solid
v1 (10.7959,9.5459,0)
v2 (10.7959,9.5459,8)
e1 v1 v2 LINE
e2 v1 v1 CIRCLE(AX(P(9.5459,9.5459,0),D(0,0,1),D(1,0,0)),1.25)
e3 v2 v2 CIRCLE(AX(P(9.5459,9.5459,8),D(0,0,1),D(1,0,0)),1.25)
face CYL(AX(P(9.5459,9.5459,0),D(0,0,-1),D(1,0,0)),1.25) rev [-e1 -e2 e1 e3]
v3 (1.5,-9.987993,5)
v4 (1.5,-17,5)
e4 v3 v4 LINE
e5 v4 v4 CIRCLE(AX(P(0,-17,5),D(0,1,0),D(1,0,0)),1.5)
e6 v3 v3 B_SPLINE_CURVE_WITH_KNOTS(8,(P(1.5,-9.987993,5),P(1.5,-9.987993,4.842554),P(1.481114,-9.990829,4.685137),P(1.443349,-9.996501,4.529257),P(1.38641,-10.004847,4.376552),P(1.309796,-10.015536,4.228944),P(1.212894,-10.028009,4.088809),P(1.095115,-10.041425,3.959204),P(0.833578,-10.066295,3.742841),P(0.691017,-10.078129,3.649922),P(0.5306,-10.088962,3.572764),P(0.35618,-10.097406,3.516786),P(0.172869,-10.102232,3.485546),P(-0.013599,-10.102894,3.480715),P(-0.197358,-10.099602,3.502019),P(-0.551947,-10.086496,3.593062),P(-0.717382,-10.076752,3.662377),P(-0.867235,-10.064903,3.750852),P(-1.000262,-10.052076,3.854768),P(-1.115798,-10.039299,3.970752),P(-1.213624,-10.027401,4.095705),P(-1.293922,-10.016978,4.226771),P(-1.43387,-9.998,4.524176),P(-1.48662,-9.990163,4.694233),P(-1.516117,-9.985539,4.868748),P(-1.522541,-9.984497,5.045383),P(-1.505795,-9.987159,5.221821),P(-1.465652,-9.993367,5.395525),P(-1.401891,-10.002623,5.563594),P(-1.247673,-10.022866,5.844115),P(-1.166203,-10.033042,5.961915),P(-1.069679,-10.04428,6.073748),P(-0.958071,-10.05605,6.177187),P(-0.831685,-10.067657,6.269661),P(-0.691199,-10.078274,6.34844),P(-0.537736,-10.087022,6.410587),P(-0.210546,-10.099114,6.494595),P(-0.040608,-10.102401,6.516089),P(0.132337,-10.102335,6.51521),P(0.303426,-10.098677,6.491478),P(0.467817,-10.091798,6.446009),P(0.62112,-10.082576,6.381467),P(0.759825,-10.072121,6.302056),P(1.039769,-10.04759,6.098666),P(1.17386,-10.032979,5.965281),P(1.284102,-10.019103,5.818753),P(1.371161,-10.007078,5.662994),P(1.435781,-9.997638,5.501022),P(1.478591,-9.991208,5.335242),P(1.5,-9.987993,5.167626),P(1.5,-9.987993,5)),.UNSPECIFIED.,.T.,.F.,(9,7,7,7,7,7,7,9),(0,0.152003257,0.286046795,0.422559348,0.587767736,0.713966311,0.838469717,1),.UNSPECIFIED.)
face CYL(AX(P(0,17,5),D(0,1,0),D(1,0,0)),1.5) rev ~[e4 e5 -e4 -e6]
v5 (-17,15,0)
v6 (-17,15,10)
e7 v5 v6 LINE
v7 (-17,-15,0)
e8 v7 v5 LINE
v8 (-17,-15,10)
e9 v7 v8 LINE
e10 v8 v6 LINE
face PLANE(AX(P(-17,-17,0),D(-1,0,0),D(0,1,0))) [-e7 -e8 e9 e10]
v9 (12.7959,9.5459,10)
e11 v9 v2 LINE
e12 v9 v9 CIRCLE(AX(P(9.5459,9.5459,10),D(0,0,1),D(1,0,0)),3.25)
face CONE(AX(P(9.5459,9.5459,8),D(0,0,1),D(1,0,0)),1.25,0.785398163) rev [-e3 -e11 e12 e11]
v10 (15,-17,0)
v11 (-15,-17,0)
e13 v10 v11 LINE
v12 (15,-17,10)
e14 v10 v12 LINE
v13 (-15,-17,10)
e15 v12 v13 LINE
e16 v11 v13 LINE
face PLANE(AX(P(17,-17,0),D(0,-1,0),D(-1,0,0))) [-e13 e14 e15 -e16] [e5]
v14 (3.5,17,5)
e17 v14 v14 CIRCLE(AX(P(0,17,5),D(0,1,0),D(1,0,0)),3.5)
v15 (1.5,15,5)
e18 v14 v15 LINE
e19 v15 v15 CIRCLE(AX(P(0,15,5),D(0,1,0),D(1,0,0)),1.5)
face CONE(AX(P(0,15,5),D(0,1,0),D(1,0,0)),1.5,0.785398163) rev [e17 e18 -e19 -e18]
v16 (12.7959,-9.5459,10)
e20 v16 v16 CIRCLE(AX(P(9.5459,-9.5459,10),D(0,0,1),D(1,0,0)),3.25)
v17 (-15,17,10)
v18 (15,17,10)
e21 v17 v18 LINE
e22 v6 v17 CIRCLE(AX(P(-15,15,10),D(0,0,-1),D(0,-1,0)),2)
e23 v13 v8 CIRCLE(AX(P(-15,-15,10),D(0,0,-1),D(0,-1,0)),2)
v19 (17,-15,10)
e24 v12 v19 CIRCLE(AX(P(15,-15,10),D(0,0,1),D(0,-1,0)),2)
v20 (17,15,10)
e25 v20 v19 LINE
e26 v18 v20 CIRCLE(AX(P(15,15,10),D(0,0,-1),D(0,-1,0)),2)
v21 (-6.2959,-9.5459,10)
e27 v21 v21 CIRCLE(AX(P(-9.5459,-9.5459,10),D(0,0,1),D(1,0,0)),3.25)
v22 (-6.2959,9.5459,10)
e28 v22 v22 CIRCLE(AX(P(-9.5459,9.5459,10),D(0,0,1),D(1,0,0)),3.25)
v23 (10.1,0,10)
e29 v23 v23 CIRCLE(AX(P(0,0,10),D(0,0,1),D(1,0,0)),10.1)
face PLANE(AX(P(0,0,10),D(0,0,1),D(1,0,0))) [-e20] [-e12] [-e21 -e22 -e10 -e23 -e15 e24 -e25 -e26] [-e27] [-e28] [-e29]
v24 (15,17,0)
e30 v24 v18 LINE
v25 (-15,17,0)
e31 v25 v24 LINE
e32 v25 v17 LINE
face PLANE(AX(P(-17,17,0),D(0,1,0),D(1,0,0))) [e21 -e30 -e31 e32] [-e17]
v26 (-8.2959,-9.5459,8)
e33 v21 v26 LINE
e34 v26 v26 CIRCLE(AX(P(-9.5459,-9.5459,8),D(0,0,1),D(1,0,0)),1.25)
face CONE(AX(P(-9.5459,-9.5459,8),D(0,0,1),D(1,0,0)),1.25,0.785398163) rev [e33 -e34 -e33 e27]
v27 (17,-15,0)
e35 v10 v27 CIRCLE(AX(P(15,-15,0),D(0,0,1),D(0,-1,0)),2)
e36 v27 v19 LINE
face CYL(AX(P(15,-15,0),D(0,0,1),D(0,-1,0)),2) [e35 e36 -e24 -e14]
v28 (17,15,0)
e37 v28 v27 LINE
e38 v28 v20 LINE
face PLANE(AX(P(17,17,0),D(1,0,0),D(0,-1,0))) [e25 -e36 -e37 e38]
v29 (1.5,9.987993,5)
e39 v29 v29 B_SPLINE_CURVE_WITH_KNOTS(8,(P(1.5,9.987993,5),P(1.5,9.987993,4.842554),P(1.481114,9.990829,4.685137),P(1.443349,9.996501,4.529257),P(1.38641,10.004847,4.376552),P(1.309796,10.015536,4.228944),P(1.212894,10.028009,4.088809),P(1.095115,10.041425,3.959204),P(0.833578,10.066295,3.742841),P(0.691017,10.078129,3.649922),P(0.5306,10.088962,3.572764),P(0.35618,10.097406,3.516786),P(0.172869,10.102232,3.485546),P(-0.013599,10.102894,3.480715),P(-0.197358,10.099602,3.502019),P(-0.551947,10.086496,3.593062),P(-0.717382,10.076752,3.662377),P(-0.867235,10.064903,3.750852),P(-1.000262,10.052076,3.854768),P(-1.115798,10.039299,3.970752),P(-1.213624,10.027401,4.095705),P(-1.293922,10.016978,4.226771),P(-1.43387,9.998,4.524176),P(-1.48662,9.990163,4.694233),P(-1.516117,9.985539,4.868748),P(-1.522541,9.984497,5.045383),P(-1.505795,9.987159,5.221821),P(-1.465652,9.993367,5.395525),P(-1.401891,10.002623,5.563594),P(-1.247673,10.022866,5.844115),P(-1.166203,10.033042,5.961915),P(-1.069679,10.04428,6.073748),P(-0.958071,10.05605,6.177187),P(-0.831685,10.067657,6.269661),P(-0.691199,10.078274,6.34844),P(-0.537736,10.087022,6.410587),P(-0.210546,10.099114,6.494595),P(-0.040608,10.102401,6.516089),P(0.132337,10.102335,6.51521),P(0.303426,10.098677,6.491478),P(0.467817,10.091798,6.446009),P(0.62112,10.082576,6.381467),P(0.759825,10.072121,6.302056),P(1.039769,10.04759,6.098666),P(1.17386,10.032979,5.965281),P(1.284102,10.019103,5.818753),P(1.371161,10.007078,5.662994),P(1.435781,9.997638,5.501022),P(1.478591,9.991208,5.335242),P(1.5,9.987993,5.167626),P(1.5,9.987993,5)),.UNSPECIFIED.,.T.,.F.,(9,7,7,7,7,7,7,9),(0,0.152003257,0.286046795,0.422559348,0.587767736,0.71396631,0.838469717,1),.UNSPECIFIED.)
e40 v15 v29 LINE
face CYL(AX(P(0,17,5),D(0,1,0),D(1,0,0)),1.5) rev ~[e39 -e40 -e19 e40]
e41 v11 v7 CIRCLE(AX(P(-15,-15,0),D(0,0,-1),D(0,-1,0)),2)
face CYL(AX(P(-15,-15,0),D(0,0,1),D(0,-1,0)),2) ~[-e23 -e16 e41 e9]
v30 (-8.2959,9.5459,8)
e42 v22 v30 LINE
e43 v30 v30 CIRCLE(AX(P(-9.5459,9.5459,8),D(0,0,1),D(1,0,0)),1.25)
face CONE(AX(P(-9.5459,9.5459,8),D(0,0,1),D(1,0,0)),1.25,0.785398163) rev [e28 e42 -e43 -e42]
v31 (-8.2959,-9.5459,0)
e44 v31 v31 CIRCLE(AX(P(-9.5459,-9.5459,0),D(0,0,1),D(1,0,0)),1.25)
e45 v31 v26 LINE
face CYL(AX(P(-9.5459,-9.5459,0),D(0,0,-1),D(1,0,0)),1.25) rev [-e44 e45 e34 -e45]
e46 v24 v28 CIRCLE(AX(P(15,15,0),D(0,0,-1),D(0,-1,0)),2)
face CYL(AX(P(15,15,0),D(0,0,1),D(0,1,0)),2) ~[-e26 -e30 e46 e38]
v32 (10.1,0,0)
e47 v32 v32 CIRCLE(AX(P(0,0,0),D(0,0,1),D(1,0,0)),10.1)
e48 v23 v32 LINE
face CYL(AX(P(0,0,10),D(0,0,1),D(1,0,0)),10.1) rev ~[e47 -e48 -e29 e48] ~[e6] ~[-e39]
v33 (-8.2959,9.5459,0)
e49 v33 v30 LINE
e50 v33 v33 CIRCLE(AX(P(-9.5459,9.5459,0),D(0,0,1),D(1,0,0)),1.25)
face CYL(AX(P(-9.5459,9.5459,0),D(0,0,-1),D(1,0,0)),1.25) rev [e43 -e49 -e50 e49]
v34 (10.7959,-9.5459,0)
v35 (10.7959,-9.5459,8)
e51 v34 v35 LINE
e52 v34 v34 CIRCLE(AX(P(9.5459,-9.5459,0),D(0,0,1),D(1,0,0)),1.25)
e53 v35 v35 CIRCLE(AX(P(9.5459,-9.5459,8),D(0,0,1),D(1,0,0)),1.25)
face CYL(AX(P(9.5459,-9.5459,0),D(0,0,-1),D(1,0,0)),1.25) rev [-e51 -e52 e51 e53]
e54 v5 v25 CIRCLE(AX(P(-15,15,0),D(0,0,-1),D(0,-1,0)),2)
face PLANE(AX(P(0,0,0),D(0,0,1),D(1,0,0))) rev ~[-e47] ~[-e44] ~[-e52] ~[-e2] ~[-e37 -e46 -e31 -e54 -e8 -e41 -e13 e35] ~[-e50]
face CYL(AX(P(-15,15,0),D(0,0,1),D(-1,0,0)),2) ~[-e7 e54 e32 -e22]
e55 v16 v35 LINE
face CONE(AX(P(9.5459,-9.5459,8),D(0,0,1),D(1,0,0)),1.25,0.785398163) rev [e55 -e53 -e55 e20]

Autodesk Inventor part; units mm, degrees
ref_plane "YZ Plane" through (0, 0, 0) normal (1, 0, 0) x (0, 1, 0)
ref_plane "XZ Plane" through (0, 0, 0) normal (0, 1, 0) x (-1, 0, 0)
ref_plane "XY Plane" through (0, 0, 0) normal (0, 0, 1) x (1, 0, 0)
sketch "Эскиз1" plane through (0, 0, 0) normal (0, 0, 1) x (1, 0, 0)
  circle A0 centre (0, 0) radius 13.5 construction
  circle A1 centre (-9.5459, 9.5459) radius 1.25
  line L0 (-9.5459, 9.5459) -> (0, 0) construction
  line L1 (0, 0) -> (2.2284, 0) construction
  circle A2 centre (-9.5459, -9.5459) radius 1.25
  circle A3 centre (9.5459, -9.5459) radius 1.25
  circle A4 centre (9.5459, 9.5459) radius 1.25
  line L2 (17, -17) -> (-17, -17)
  line L3 (-17, -17) -> (-17, 17)
  line L4 (-17, 17) -> (17, 17)
  line L5 (17, 17) -> (17, -17)
  line L6 (17, -17) -> (-17, 17) construction
  line L7 (-17, -17) -> (17, 17) construction
  dimension "d0" = 27
  dimension "d1" = 2.5
  dimension "d3" = 45
  dimension "d6" = 360
  dimension "d8" = 34
  dimension "d9" = 34
extrude "Выдавливание1" add sketch "Эскиз1" along normal blind 10
fillet "Сопряжение1" radius 2 4 edges at (17, 17, 5) (-17, 17, 5) (-17, -17, 5) (17, -17, 5)
sketch "Эскиз2" plane through (-15, 17, 0) normal (0, 1, 0) x (1, 0, 0)
  circle A0 centre (15, -5) radius 1.5
  line L0 (-2, 0) -> (-2, -10) projected
  line L1 (0, 0) -> (30, 0) projected
  point P0 (15, 0)
  point P1 (-2, -5)
  point P2 (15, 0)
  dimension "d16" = 3
sketch "Эскиз3" plane through (0, 0, 10) normal (0, 0, 1) x (1, 0, 0)
  circle A0 centre (0, 0) radius 10.1
  dimension "d13" = 20.2
extrude "Выдавливание2" cut sketch "Эскиз3" against normal blind 10
extrude "Выдавливание3" cut sketch "Эскиз2" against normal blind 40.5
chamfer "Фаска1" distance 2 angle 45 5 edges at (-10.7959, 9.5459, 10) (8.2959, 9.5459, 10) (8.2959, -9.5459, 10) (-10.7959, -9.5459, 10) (-1.5, 17, 5)
properties part number "крепление трубы"
